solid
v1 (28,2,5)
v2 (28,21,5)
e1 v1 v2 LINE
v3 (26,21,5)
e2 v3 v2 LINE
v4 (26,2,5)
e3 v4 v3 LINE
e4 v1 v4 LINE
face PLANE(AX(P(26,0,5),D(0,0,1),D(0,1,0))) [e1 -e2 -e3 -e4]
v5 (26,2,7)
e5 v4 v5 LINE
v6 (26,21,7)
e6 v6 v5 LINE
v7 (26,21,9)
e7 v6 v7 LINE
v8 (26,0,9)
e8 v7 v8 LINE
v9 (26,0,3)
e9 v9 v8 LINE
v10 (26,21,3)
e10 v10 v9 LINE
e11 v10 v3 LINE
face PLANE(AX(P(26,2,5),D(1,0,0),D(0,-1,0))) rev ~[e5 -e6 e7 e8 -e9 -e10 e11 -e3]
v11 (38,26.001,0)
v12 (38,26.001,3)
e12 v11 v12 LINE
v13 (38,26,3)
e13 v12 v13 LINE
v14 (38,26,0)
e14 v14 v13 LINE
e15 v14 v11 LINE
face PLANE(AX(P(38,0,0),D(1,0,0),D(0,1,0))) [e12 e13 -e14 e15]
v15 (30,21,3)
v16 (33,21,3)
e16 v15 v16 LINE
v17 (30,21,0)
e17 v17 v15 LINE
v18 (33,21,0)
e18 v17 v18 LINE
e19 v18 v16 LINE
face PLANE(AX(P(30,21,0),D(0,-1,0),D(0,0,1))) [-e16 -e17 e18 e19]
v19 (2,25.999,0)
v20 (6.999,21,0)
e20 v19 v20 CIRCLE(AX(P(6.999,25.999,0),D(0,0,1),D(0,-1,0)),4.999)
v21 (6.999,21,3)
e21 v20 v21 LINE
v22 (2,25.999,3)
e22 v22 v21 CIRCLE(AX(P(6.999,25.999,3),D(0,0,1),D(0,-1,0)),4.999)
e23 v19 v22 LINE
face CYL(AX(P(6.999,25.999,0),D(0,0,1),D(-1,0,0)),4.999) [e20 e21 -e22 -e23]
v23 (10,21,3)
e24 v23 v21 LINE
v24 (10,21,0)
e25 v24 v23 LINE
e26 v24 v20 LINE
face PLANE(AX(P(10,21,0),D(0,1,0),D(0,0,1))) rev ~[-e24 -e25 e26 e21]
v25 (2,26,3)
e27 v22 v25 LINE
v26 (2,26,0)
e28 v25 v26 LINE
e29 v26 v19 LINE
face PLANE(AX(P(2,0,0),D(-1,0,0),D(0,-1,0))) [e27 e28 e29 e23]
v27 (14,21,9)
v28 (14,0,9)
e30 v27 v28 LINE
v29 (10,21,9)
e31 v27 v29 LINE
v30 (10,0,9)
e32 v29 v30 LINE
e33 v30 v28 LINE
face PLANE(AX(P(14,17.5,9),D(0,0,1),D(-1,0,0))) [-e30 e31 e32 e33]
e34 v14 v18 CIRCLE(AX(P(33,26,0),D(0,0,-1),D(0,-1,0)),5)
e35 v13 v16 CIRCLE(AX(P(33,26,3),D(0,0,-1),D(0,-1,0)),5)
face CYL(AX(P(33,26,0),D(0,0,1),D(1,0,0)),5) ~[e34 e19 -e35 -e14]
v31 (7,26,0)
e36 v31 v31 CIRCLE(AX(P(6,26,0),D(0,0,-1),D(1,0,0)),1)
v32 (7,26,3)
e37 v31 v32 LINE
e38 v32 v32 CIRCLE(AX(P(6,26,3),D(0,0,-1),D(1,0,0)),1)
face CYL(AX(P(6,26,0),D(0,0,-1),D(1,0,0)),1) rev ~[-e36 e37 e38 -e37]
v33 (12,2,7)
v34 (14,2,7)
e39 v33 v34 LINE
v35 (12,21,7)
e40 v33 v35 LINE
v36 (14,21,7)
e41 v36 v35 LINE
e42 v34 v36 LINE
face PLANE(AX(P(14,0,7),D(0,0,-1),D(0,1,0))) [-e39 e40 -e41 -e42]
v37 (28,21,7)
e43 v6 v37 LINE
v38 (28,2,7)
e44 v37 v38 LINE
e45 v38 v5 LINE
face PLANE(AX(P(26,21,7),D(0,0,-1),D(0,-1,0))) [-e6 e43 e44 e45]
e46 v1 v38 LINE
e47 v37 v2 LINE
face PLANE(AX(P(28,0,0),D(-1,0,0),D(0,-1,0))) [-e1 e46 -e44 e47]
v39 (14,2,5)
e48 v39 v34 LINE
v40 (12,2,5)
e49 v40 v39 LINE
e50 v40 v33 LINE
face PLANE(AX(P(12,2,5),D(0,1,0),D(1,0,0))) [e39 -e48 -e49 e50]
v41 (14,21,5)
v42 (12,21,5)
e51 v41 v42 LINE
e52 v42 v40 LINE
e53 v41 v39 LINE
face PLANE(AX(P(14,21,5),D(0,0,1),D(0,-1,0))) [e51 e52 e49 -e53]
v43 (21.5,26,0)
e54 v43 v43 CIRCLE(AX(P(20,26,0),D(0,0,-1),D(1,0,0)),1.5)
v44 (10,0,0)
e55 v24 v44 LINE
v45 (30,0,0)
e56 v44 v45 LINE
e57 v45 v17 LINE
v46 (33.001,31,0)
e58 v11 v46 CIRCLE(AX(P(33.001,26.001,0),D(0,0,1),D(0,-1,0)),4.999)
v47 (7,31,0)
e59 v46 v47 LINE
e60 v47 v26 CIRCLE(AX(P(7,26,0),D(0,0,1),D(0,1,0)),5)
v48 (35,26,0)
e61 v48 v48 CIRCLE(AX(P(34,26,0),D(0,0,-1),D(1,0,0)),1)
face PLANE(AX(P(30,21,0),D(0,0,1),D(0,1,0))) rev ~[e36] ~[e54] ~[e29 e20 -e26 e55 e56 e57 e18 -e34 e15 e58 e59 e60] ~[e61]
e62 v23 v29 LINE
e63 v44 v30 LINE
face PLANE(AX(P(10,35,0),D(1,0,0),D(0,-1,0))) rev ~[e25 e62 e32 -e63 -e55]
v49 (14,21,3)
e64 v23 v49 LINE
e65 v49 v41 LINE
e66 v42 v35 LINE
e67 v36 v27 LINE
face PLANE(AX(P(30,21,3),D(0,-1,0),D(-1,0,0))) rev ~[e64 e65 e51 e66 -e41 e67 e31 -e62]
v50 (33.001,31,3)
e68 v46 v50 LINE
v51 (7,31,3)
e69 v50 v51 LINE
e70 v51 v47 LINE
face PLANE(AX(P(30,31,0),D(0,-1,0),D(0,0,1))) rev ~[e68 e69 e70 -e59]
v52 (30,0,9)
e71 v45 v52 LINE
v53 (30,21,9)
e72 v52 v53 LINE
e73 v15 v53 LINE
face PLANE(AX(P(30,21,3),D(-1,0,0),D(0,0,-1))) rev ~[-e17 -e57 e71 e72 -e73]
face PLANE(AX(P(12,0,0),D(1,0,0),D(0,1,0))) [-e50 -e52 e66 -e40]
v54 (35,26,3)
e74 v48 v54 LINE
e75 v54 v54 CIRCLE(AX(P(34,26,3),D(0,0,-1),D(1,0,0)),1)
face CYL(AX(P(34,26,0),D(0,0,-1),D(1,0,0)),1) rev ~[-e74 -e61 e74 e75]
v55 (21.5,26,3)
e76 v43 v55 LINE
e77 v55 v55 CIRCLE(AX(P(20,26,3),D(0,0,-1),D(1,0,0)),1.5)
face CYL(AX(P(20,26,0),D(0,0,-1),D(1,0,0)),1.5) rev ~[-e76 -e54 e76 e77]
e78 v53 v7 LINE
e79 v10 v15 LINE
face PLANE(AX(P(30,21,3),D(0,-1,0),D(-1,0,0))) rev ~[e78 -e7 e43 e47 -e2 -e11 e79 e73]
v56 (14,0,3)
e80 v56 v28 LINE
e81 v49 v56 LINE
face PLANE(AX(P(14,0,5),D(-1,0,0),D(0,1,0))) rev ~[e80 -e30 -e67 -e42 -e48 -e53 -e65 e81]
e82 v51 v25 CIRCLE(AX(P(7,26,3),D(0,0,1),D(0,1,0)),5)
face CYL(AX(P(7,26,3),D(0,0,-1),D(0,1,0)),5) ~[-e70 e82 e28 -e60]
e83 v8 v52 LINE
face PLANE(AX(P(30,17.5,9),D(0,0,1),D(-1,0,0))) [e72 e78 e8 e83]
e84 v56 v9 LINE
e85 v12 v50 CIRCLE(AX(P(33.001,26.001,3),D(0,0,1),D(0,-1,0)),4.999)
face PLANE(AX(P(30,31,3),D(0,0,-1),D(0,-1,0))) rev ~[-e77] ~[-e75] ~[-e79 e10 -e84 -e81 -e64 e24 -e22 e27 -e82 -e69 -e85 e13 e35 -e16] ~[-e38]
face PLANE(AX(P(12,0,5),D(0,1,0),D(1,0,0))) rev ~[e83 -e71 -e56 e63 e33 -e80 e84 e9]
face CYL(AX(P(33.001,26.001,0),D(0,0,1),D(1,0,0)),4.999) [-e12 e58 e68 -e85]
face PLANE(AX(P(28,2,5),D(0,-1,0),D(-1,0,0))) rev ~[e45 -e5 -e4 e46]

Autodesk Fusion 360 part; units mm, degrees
sketch "Sketch1" plane through (0, 0, 0) normal (0, 0, 1) x (1, 0, 0)
  line L0 (0, 0) -> (35, 0)
  line L1 (35, 0) -> (35, 35)
  line L2 (35, 35) -> (0, 35)
  line L3 (0, 35) -> (0, 0)
  dimension "d1" = 35
  dimension "d2" = 35
extrude "Extrude1" add sketch "Sketch1" along normal blind 3
sketch "Sketch2" plane through (0, 0, 3) normal (0, 0, 1) x (-1, 0, 0)
  line L0 (0, -35) -> (0, 0)
  line L1 (0, 0) -> (-35, 0)
  line L2 (-35, 0) -> (-35, -35)
  line L3 (-35, -35) -> (0, -35)
  line L4 (-10, -35) -> (-35, -35)
  line L5 (-35, -35) -> (-35, -17.5)
  line L6 (-35, -17.5) -> (-10, -17.5)
  line L7 (-10, -17.5) -> (-10, -35)
  dimension "d5" = 25
  dimension "d6" = 17.5
extrude "Extrude2" cut sketch "Sketch2" against normal blind 3 contours L2 L3 L4 L5 L6 L7
sketch "Sketch6" plane through (0, 0, 3) normal (0, 0, 1) x (-1, 0, 0)
  line L0 (-35, -17.5) -> (-10, -17.5)
  line L1 (-10, -17.5) -> (-10, -35)
  line L2 (-10, -35) -> (0, -35)
  line L3 (0, -35) -> (0, 0)
  line L4 (0, 0) -> (-35, 0)
  line L5 (-35, 0) -> (-35, -17.5)
  line L6 (-10, -17.5) -> (-14, -17.5)
  line L7 (-14, -17.5) -> (-14, 0)
  line L8 (-14, 0) -> (-10, 0)
  line L9 (-10, 0) -> (-10, -17.5)
  dimension "d23" = 4
  dimension "d24" = 17.5
extrude "Extrude6" add sketch "Sketch6" along normal blind 6 contours L0 L4 L6 L7 L8 L9
extrude "Extrude7" cut 1 faces at (35, 5.8333, 1) along direction (-1, 0, 0) blind 5
sketch "Sketch7" plane through (0, 0, 3) normal (0, 0, 1) x (-1, 0, 0)
  line L0 (-30, 0) -> (-30, -17.5)
  line L1 (-30, -17.5) -> (-14, -17.5)
  line L2 (-14, -17.5) -> (-14, 0)
  line L3 (-14, 0) -> (-30, 0)
  line L4 (-30, -17.5) -> (-26, -17.5)
  line L5 (-26, -17.5) -> (-26, 0)
  line L6 (-26, 0) -> (-30, 0)
  line L7 (-30, 0) -> (-30, -17.5)
  dimension "d29" = 4
  dimension "d30" = 17.5
extrude "Extrude8" add sketch "Sketch7" along normal blind 6 contours L0 L1 L3 L4 L5 L6 L7
extrude "Extrude9" add 1 faces at (28.6667, 17.5, 4) along direction (0, 1, 0) blind 3.5
sketch "Sketch8" plane through (14, 0, 0) normal (1, 0, 0) x (0, 1, 0)
  line L0 (0, 3) -> (21, 3)
  line L1 (21, 3) -> (21, 9)
  line L2 (21, 9) -> (0, 9)
  line L3 (0, 9) -> (0, 3)
  line L4 (0, 7) -> (21, 7)
  line L5 (21, 7) -> (21, 5)
  line L6 (21, 5) -> (0, 5)
  line L7 (0, 5) -> (0, 7)
  dimension "d35" = 2
  dimension "d36" = 2
extrude "Extrude10" cut sketch "Sketch8" against normal blind 2 contours L1 L3 L4 L5 L6 L7
sketch "Sketch9" plane through (26, 0, 0) normal (-1, 0, 0) x (0, -1, 0)
  line L0 (-21, 3) -> (0, 3)
  line L1 (0, 3) -> (0, 9)
  line L2 (0, 9) -> (-21, 9)
  line L3 (-21, 9) -> (-21, 3)
  line L4 (-21, 7) -> (0, 7)
  line L5 (0, 7) -> (0, 5)
  line L6 (0, 5) -> (-21, 5)
  line L7 (-21, 5) -> (-21, 7)
  dimension "d39" = 2
  dimension "d40" = 2
extrude "Extrude11" cut sketch "Sketch9" against normal blind 2 contours L1 L3 L4 L5 L6 L7
sketch "Sketch10" plane through (0, 0, 5) normal (0, 0, 1) x (-1, 0, 0)
  line L0 (-26, -21) -> (-26, 0)
  line L1 (-26, 0) -> (-28, 0)
  line L2 (-28, 0) -> (-28, -21)
  line L3 (-28, -21) -> (-26, -21)
  line L4 (-26, 0) -> (-28, 0)
  line L5 (-28, 0) -> (-28, -2)
  line L6 (-28, -2) -> (-26, -2)
  line L7 (-26, -2) -> (-26, 0)
  dimension "d43" = 2
  dimension "d44" = 2
extrude "Extrude12" add sketch "Sketch10" along normal blind 2 contours L0 L1 L2 L4 L5 L6 L7
sketch "Sketch11" plane through (0, 0, 5) normal (0, 0, 1) x (-1, 0, 0)
  line L0 (-14, 0) -> (-14, -21)
  line L1 (-14, -21) -> (-12, -21)
  line L2 (-12, -21) -> (-12, 0)
  line L3 (-12, 0) -> (-14, 0)
  line L4 (-14, 0) -> (-12, 0)
  line L5 (-12, 0) -> (-12, -2)
  line L6 (-12, -2) -> (-14, -2)
  line L7 (-14, -2) -> (-14, 0)
  dimension "d47" = 2
  dimension "d48" = 2
extrude "Extrude13" add sketch "Sketch11" along normal blind 2 contours L0 L2 L3 L4 L5 L6 L7
sketch "Sketch14" plane through (0, 21, 0) normal (0, 1, 0) x (-1, 0, 0)
  line L0 (-26, 5) -> (-28, 5)
  line L1 (-28, 5) -> (-28, 7)
  line L2 (-28, 7) -> (-26, 7)
  line L3 (-26, 7) -> (-26, 9)
  line L4 (-26, 9) -> (-30, 9)
  line L5 (-30, 9) -> (-30, 0)
  line L6 (-30, 0) -> (-10, 0)
  line L7 (-10, 0) -> (-10, 3)
  line L8 (-10, 3) -> (-10, 9)
  line L9 (-10, 9) -> (-14, 9)
  line L10 (-14, 9) -> (-14, 7)
  line L11 (-14, 7) -> (-12, 7)
  line L12 (-12, 7) -> (-12, 5)
  line L13 (-12, 5) -> (-14, 5)
  line L14 (-14, 5) -> (-14, 3)
  line L15 (-14, 3) -> (-26, 3)
  line L16 (-26, 3) -> (-26, 5)
  line L17 (-10, 3) -> (-30, 3)
  line L18 (-30, 3) -> (-30, 0)
  line L19 (-30, 0) -> (-10, 0)
  line L20 (-10, 0) -> (-10, 3)
  dimension "d61" = 20
extrude "Extrude17" add sketch "Sketch14" along normal blind 10 contours L5 L6 L7 L15 L17 L18 L19 L20
extrude "Extrude18" cut 1 faces at (0, 23.3333, 1) along direction (1, 0, 0) blind 10
sketch "Sketch15" plane through (10, 0, 0) normal (-1, 0, 0) x (0, -1, 0)
  line L0 (0, 0) -> (0, 9)
  line L1 (0, 9) -> (-21, 9)
  line L2 (-21, 9) -> (-21, 3)
  line L3 (-21, 3) -> (-31, 3)
  line L4 (-31, 3) -> (-31, 0)
  line L5 (-31, 0) -> (0, 0)
  line L6 (-21, 3) -> (-31, 3)
  line L7 (-31, 3) -> (-31, 0)
  line L8 (-31, 0) -> (-21, 0)
  line L9 (-21, 0) -> (-21, 3)
extrude "Extrude19" add sketch "Sketch15" along normal blind 8 contours L3 L4 L5 L6 L7 L8 L9
sketch "Sketch16" plane through (30, 0, 0) normal (1, 0, 0) x (0, 1, 0)
  line L0 (21, 9) -> (0, 9)
  line L1 (0, 9) -> (0, 0)
  line L2 (0, 0) -> (31, 0)
  line L3 (31, 0) -> (31, 3)
  line L4 (31, 3) -> (21, 3)
  line L5 (21, 3) -> (21, 9)
  line L6 (21, 3) -> (31, 3)
  line L7 (31, 3) -> (31, 0)
  line L8 (31, 0) -> (21, 0)
  line L9 (21, 0) -> (21, 3)
  dimension "d68" = 10
extrude "Extrude20" add sketch "Sketch16" along normal blind 8 contours L2 L3 L4 L6 L7 L8 L9
sketch "Sketch17" plane through (0, 0, 0) normal (0, 0, -1) x (1, 0, 0)
  line L0 (10, 0) -> (10, -21)
  line L1 (10, -21) -> (2, -21)
  line L2 (2, -21) -> (2, -31)
  line L3 (2, -31) -> (38, -31)
  line L4 (38, -31) -> (38, -21)
  line L5 (38, -21) -> (30, -21)
  line L6 (30, -21) -> (30, 0)
  line L7 (30, 0) -> (10, 0)
  circle A0 centre (20, -26) radius 1.5
  dimension "d71" = 3
  dimension "d72" = 5
  dimension "d73" = 10
extrude "Extrude21" cut sketch "Sketch17" against normal blind 3 contours A0
sketch "Sketch18" plane through (0, 0, 0) normal (0, 0, -1) x (1, 0, 0)
  circle A0 centre (20, -26) radius 1.5
  line L0 (10, 0) -> (10, -21)
  line L1 (10, -21) -> (2, -21)
  line L2 (2, -21) -> (2, -31)
  line L3 (2, -31) -> (38, -31)
  line L4 (38, -31) -> (38, -21)
  line L5 (38, -21) -> (30, -21)
  line L6 (30, -21) -> (30, 0)
  line L7 (30, 0) -> (10, 0)
  circle A1 centre (6, -26) radius 1
  dimension "d76" = 2
  dimension "d77" = 14
extrude "Extrude22" cut sketch "Sketch18" against normal blind 3 contours A1
sketch "Sketch19" plane through (0, 0, 0) normal (0, 0, -1) x (1, 0, 0)
  circle A0 centre (6, -26) radius 1
  circle A1 centre (20, -26) radius 1.5
  line L0 (10, 0) -> (10, -21)
  line L1 (10, -21) -> (2, -21)
  line L2 (2, -21) -> (2, -31)
  line L3 (2, -31) -> (38, -31)
  line L4 (38, -31) -> (38, -21)
  line L5 (38, -21) -> (30, -21)
  line L6 (30, -21) -> (30, 0)
  line L7 (30, 0) -> (10, 0)
  circle A2 centre (34, -26) radius 1
  dimension "d80" = 2
  dimension "d81" = 14
  dimension "d82" = 5
extrude "Extrude23" cut sketch "Sketch19" against normal blind 3 contours A2
fillet "Fillet1" radius 5 1 edges at (38, 21, 1.5)
fillet "Fillet2" radius 5 1 edges at (38, 31, 1.5)
fillet "Fillet3" radius 5 1 edges at (2, 31, 1.5)
fillet "Fillet4" radius 5 1 edges at (2, 21, 1.5)
